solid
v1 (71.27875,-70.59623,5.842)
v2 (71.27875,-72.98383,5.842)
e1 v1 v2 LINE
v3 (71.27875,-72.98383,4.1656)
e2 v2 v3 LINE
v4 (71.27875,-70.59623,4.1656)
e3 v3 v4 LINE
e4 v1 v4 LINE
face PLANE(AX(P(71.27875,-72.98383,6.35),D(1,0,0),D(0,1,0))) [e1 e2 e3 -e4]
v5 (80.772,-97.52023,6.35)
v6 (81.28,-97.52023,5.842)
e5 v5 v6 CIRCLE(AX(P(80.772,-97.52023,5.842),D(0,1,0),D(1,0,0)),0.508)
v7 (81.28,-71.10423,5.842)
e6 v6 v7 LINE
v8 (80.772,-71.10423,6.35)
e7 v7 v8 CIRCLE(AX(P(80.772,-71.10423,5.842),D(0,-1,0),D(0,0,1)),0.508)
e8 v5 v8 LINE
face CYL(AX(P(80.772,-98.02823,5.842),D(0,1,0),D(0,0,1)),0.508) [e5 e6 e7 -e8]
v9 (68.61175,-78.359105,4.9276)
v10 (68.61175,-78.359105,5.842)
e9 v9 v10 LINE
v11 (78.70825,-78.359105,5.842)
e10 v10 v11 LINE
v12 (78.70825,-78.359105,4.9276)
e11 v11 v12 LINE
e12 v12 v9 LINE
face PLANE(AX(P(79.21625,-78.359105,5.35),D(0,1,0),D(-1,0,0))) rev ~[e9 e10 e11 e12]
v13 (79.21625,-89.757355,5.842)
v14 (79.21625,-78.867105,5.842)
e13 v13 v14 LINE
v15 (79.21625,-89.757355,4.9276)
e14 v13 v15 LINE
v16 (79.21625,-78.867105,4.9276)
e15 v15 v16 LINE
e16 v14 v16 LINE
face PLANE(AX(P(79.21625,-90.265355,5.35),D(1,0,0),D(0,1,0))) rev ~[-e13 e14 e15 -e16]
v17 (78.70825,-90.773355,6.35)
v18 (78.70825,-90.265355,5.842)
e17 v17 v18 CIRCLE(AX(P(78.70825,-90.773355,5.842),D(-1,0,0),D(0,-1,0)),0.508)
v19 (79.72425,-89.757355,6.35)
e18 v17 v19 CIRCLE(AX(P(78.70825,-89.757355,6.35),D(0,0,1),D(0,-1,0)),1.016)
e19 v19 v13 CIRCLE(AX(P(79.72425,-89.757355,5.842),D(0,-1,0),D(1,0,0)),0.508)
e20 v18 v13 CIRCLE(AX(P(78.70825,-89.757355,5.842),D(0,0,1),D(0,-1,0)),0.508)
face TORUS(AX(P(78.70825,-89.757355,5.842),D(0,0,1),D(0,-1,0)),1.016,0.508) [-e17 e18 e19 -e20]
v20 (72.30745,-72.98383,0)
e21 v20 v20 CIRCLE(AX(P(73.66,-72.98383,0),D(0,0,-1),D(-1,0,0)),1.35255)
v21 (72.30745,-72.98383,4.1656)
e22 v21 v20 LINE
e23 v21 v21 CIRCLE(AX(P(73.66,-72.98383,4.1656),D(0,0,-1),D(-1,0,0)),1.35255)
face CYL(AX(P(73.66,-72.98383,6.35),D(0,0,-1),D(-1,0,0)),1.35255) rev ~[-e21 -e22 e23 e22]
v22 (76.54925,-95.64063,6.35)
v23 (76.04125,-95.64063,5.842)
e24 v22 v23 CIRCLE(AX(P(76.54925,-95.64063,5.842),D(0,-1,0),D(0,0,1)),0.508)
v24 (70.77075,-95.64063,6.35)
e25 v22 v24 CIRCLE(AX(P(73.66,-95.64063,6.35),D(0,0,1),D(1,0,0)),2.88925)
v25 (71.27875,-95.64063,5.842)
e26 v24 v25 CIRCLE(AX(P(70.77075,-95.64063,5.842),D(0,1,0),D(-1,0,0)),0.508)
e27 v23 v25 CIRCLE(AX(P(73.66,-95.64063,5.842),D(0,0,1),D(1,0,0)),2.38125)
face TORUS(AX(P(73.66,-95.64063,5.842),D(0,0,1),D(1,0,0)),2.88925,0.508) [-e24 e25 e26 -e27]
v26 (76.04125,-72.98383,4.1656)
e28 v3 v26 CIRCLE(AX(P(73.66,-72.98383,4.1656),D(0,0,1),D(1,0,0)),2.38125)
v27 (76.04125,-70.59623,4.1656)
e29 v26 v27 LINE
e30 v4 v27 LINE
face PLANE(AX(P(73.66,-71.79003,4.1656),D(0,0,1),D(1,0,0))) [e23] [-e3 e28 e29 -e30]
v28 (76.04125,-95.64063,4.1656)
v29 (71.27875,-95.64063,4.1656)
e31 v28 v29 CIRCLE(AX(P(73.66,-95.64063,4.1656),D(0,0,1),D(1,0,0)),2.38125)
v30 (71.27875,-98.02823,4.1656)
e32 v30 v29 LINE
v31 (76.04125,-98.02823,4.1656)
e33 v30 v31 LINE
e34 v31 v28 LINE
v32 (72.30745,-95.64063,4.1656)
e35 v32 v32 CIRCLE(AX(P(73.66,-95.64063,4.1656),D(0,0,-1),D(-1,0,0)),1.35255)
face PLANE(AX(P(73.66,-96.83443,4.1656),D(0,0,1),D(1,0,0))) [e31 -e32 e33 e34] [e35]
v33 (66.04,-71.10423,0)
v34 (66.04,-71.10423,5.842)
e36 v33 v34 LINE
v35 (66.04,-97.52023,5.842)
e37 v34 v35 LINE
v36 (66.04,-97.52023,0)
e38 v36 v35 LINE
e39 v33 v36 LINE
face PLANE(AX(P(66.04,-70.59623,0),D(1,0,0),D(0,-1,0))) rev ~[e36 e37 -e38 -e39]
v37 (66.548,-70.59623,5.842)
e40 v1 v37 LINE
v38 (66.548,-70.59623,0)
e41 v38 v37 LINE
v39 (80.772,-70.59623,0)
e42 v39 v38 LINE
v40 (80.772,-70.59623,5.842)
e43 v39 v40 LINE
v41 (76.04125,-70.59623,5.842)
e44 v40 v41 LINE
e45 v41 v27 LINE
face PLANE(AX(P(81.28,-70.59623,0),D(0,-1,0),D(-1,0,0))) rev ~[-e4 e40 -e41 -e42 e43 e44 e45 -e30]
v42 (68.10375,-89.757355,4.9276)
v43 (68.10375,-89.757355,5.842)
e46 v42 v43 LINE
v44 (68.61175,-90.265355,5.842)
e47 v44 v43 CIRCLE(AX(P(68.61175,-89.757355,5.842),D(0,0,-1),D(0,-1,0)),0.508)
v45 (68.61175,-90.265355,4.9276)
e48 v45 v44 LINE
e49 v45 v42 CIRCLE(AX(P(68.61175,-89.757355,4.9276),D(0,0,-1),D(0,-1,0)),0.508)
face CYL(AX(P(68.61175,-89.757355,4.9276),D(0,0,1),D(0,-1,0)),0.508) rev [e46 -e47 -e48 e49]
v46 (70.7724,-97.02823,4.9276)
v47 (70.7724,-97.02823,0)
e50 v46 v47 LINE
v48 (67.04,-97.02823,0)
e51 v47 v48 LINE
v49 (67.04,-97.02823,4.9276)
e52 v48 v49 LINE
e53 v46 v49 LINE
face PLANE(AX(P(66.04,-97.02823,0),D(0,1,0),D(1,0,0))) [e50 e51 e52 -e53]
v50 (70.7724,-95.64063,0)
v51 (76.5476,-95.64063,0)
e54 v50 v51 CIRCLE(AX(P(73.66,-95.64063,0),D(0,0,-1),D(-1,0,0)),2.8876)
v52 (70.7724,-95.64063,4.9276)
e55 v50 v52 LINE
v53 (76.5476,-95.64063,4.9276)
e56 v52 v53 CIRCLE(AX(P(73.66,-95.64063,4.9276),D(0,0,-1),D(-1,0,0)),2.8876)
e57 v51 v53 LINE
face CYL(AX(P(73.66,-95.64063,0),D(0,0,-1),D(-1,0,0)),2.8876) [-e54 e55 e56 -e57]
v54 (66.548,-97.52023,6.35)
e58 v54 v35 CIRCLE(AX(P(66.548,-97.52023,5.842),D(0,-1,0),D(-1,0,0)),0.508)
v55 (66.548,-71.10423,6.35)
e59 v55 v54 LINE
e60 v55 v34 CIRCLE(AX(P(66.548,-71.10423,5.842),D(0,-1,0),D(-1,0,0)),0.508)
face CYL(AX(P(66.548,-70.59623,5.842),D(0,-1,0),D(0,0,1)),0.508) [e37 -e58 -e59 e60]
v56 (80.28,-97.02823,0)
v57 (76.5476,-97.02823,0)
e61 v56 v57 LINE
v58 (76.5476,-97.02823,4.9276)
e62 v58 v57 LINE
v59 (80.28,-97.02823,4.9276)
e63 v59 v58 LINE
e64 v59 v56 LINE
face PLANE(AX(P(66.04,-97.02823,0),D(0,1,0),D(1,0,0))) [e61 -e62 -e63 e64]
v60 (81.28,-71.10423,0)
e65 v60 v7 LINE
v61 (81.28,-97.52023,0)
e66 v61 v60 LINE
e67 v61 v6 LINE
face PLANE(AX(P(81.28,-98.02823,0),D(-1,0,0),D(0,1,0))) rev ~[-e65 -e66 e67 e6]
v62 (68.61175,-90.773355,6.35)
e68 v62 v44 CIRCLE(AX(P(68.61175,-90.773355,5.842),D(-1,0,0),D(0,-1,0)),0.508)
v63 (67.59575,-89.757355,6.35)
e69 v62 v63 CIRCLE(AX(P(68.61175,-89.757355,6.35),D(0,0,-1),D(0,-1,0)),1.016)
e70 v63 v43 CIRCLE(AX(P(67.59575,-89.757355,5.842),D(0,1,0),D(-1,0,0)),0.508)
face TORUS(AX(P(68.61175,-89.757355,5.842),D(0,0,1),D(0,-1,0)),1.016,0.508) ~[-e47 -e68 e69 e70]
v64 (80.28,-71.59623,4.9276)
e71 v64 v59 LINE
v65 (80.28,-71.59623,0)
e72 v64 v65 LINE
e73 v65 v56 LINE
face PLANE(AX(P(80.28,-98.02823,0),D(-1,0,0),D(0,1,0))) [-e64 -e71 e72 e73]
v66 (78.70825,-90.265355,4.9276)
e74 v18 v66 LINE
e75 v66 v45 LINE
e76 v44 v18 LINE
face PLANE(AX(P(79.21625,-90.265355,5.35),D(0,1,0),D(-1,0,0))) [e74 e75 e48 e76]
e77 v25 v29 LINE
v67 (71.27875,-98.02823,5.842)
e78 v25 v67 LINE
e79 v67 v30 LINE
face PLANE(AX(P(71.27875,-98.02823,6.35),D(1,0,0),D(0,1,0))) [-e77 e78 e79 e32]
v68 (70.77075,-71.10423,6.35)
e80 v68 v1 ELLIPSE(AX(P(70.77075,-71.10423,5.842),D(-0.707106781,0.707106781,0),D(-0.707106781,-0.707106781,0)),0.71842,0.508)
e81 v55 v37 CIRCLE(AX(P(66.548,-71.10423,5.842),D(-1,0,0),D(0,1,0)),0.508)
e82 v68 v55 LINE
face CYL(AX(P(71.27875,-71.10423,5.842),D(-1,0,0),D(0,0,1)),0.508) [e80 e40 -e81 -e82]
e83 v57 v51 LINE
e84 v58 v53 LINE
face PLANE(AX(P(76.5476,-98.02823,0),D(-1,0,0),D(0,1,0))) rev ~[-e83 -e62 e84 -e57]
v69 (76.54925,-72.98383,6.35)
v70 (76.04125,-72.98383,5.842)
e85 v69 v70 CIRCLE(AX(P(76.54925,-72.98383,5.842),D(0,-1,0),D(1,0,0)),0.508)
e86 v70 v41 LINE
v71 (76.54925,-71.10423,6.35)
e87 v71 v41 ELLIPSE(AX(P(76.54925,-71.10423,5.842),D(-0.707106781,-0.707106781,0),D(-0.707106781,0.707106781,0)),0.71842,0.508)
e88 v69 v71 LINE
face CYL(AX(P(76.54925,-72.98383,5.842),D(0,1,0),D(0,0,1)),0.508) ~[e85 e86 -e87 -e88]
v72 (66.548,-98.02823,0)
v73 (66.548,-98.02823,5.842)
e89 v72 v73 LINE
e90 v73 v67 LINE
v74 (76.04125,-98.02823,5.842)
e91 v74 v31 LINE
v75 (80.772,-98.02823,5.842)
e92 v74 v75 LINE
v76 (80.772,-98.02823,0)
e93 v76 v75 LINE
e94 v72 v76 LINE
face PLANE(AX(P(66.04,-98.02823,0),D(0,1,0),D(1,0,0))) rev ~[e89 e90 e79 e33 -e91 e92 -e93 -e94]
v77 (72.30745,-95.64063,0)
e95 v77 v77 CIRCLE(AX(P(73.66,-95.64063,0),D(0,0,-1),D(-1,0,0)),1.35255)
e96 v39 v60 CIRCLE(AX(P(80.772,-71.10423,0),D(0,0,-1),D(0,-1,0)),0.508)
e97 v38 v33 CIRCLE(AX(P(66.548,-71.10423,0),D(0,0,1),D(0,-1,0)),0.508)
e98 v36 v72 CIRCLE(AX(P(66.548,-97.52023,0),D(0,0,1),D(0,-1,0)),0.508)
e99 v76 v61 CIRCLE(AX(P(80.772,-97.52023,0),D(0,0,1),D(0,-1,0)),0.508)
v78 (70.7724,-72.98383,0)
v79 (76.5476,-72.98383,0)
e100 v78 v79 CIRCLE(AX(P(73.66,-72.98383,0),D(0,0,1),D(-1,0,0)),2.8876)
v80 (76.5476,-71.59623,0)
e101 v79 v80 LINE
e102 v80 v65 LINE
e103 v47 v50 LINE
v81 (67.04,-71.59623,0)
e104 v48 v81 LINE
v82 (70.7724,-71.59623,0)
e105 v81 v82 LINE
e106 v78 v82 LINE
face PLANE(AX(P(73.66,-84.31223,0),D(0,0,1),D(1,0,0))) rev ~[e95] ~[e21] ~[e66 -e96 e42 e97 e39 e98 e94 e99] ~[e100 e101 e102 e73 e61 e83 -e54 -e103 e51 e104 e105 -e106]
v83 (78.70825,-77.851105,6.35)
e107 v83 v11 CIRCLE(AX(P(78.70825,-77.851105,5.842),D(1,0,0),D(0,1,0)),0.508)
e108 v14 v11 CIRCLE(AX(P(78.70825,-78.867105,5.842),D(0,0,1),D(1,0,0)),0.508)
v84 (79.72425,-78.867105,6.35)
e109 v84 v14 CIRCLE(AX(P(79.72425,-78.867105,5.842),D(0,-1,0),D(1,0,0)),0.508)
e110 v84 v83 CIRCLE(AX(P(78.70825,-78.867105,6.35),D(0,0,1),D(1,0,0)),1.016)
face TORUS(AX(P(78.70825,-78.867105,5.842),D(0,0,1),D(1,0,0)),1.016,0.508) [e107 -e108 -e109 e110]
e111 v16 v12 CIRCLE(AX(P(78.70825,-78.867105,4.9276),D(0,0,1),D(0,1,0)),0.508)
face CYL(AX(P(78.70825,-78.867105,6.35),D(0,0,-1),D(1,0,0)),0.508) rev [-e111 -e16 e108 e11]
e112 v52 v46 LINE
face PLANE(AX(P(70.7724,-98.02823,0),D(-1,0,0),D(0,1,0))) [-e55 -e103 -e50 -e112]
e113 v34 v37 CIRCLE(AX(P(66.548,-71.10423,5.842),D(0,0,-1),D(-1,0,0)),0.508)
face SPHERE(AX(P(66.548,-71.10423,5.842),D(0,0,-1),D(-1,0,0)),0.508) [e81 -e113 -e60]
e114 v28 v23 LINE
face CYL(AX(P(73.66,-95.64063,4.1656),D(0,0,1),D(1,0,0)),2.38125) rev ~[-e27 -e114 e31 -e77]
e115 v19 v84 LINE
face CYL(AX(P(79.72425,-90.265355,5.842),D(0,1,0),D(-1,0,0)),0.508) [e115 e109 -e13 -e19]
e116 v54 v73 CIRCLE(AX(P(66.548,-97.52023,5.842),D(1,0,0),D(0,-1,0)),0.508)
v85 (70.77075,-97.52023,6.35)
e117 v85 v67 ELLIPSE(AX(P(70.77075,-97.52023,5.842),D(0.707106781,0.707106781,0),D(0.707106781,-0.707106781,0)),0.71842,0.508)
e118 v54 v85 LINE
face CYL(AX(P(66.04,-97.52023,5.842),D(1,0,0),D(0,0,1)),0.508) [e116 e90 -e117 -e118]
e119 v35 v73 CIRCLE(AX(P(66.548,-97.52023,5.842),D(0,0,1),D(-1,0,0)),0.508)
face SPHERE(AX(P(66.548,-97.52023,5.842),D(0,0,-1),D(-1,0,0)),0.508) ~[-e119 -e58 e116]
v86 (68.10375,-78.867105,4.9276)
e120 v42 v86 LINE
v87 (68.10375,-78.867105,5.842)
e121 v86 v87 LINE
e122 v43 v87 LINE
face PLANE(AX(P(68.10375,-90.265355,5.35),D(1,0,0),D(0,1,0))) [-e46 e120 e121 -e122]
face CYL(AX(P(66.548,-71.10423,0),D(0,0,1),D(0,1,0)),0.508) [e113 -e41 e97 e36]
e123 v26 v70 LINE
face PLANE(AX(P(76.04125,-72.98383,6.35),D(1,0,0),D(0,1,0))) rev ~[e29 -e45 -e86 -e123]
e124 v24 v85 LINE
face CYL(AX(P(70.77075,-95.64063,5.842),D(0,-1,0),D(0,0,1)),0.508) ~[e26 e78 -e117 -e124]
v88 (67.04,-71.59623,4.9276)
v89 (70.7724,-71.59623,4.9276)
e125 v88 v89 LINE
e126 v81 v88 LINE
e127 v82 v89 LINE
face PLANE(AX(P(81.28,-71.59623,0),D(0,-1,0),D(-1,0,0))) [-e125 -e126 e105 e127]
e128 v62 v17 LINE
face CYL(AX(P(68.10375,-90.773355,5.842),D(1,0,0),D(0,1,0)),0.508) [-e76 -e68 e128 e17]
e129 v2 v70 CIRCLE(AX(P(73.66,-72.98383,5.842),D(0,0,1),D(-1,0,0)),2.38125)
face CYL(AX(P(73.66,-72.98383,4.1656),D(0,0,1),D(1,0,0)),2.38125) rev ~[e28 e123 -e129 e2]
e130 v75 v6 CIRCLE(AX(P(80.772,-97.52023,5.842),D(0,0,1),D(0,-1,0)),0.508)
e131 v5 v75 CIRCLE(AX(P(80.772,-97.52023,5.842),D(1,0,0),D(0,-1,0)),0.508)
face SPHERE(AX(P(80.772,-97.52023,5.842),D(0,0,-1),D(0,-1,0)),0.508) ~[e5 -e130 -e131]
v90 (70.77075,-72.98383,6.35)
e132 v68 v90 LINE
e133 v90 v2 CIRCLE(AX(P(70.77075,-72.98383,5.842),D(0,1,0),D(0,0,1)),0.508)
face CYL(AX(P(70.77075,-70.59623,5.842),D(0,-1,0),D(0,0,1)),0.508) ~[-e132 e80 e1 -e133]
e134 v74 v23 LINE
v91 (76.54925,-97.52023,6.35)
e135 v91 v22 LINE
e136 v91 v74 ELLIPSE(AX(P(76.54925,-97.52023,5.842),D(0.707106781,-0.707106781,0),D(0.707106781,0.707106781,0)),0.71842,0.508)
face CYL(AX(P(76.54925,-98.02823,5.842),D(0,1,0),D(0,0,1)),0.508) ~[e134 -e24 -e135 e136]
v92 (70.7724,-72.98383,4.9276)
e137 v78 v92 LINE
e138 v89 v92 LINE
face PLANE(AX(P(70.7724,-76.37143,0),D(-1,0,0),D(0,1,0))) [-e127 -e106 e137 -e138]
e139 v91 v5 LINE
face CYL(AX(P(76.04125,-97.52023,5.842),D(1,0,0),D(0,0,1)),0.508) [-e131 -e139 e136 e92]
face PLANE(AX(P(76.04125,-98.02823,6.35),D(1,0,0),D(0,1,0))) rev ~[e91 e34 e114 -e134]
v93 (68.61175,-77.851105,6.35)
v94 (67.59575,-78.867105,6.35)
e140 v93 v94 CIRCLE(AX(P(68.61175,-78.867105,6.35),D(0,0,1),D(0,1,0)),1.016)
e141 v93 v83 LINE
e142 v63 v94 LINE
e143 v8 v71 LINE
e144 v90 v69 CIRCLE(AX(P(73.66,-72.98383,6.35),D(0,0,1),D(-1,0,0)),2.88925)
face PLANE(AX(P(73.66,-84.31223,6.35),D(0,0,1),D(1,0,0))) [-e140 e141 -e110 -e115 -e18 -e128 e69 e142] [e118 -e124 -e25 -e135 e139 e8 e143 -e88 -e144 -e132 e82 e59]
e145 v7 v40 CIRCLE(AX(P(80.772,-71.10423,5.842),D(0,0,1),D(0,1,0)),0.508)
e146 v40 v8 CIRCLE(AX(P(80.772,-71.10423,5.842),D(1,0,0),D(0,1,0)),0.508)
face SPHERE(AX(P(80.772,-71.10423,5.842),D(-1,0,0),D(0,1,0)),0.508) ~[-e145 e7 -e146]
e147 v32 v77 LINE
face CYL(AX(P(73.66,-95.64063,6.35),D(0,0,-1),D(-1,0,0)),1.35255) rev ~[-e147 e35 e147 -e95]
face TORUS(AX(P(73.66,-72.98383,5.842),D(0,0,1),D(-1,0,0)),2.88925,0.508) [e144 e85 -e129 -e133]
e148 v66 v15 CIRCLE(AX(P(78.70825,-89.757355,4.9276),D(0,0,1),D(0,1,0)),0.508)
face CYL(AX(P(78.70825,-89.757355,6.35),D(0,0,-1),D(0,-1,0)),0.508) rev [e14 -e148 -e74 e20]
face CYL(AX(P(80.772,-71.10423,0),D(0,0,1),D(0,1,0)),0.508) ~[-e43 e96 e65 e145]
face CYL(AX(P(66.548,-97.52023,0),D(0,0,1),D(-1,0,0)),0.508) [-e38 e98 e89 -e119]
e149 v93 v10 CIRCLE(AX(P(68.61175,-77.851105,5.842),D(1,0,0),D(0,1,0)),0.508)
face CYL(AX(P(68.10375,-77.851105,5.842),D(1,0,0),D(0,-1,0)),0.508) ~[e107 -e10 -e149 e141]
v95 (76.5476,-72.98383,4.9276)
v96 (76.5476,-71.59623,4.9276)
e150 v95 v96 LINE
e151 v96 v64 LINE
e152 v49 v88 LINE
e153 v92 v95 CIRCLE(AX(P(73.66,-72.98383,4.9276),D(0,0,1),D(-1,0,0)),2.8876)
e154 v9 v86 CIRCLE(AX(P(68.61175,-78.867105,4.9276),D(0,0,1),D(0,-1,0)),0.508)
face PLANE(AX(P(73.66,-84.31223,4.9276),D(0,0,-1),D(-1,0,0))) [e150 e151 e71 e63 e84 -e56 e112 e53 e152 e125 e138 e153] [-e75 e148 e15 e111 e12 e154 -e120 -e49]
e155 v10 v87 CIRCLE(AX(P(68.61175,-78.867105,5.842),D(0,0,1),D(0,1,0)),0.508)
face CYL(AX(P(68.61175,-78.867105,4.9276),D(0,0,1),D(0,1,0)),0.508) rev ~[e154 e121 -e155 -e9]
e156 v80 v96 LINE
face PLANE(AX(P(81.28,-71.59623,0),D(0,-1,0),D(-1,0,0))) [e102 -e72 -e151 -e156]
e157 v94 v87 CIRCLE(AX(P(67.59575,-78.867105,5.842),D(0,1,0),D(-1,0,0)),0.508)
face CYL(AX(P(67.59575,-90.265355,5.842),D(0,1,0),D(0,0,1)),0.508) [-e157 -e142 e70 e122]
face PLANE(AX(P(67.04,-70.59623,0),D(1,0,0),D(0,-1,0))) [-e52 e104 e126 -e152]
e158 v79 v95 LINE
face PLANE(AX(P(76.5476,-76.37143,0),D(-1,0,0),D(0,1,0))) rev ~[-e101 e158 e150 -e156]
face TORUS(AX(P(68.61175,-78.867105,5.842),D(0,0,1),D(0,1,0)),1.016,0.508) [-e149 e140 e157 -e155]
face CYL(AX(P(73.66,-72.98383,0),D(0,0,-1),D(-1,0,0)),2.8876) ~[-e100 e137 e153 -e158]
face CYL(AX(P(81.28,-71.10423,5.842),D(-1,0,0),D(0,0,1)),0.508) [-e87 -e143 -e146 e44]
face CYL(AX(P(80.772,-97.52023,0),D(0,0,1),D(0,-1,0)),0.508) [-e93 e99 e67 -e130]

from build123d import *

# Parameters (mm, degrees)
BOSS_EXTRUDE1_DEPTH                            = 6.35
SKETCH2_W                                      = 11.1125
SKETCH2_H                                      = 11.90625
CUT_EXTRUDE1_DEPTH                             = 7.35
SHELL1_T                                       = -1
BOSS_EXTRUDE2_REACH                            = 8.35
SKETCH5_W                                      = 5.7752
SKETCH5_H                                      = 5.7752
CBORE_FOR_2_SOCKET_HEAD_CAP_SCREW2_D           = 2.7051
CBORE_FOR_2_SOCKET_HEAD_CAP_SCREW2_CBORE_D     = 4.7625
CBORE_FOR_2_SOCKET_HEAD_CAP_SCREW2_CBORE_DEPTH = 2.1844
CUT_EXTRUDE2_DEPTH                             = 4.9276
SKETCH7_W                                      = 11.1125
SKETCH7_H                                      = 11.90625
BOSS_EXTRUDE4_DEPTH                            = 0.4224
SKETCH8_W                                      = 4.7625
SKETCH8_H                                      = 2.3876
CUT_EXTRUDE3_DEPTH                             = 2.1844
FILLET1_R                                      = 0.508


with BuildPart() as part:
    # Sketch1 → Boss-Extrude1 (new body)
    with BuildSketch(Plane.XY):
        Polygon((81.28, -96.5042297), (81.28, -72.1202297), (81.28, -70.5962297), (66.04, -70.5962297), (66.04, -72.1202297), (66.04, -96.5042297), (66.04, -98.0282297), (81.28, -98.0282297), align=None)
    extrude(amount=BOSS_EXTRUDE1_DEPTH)

    # Sketch2 → Cut-Extrude1 (cut, through all)
    with BuildSketch(Plane.XY.offset(6.35)):
        with Locations((73.66, -84.3122297)):
            Rectangle(SKETCH2_W, SKETCH2_H)
    extrude(amount=-CUT_EXTRUDE1_DEPTH, mode=Mode.SUBTRACT)

    # Shell1
    shell1_openings = [part.faces().sort_by_distance(p)[0] for p in [
        (73.66, -90.2653547, 3.175),
        (68.10375, -84.3122297, 3.175),
        (73.66, -78.3591047, 3.175),
        (79.21625, -84.3122297, 3.175),
        (73.66, -84.3122297, 0),
    ]]
    offset(amount=SHELL1_T, openings=shell1_openings, kind=Kind.INTERSECTION)

    # Sketch5 → Boss-Extrude2 (add, up to next)
    with BuildSketch(Plane(origin=(0, 0, 0), x_dir=(-1, 0, 0), z_dir=(0, 0, -1)), mode=Mode.PRIVATE) as boss_extrude2_sk1:
        with Locations((-73.66, -73.4838297)):
            Rectangle(SKETCH5_W, SKETCH5_H)
    boss_extrude2_tool1 = extrude(boss_extrude2_sk1.sketch, amount=-BOSS_EXTRUDE2_REACH, mode=Mode.PRIVATE) - part.part
    add(boss_extrude2_tool1.solids().sort_by_distance((73.66, -73.48383, 0))[0])
    # Sketch5 → Boss-Extrude2 (add, up to next)
    with BuildSketch(Plane(origin=(0, 0, 0), x_dir=(-1, 0, 0), z_dir=(0, 0, -1)), mode=Mode.PRIVATE) as boss_extrude2_sk2:
        with Locations((-73.66, -95.1406297)):
            Rectangle(SKETCH5_W, SKETCH5_H)
    boss_extrude2_tool2 = extrude(boss_extrude2_sk2.sketch, amount=-BOSS_EXTRUDE2_REACH, mode=Mode.PRIVATE) - part.part
    add(boss_extrude2_tool2.solids().sort_by_distance((73.66, -95.14063, 0))[0])

    # CBORE for #2 Socket Head Cap Screw2 (through all)
    with Locations(Plane.XY.offset(6.35)):
        with Locations((73.66, -95.6406297), (73.66, -72.9838297)):
            CounterBoreHole(CBORE_FOR_2_SOCKET_HEAD_CAP_SCREW2_D / 2, CBORE_FOR_2_SOCKET_HEAD_CAP_SCREW2_CBORE_D / 2, CBORE_FOR_2_SOCKET_HEAD_CAP_SCREW2_CBORE_DEPTH)

    # Sketch6 → Cut-Extrude2 (cut)
    with BuildSketch(Plane(origin=(0, 0, 0), x_dir=(-1, 0, 0), z_dir=(0, 0, -1))):
        with BuildLine():
            Line((-76.5476, -95.6406297), (-76.8016, -95.6406297))
            Line((-76.8016, -95.6406297), (-76.8016, -92.2530297))
            Line((-76.8016, -92.2530297), (-70.5184, -92.2530297))
            Line((-70.5184, -92.2530297), (-70.5184, -95.6406297))
            Line((-70.5184, -95.6406297), (-70.7724, -95.6406297))
            ThreePointArc((-70.7724, -95.6406297), (-73.66, -92.7530297), (-76.5476, -95.6406297))
        make_face()
        with BuildLine():
            Line((-76.8016, -72.9838297), (-76.8016, -76.3714297))
            Line((-76.8016, -76.3714297), (-70.5184, -76.3714297))
            Line((-70.5184, -76.3714297), (-70.5184, -72.9838297))
            Line((-70.5184, -72.9838297), (-70.7724, -72.9838297))
            ThreePointArc((-70.7724, -72.9838297), (-73.66, -75.8714297), (-76.5476, -72.9838297))
            Line((-76.5476, -72.9838297), (-76.8016, -72.9838297))
        make_face()
    extrude(amount=-CUT_EXTRUDE2_DEPTH, mode=Mode.SUBTRACT)

    # Sketch7 → Boss-Extrude4 (add)
    with BuildSketch(Plane(origin=(0, 0, 5.35), x_dir=(-1, 0, 0), z_dir=(0, 0, -1))):
        Polygon((-70.7724, -76.3714297), (-76.5476, -76.3714297), (-76.5476, -71.5962297), (-80.28, -71.5962297), (-80.28, -97.0282297), (-76.5476, -97.0282297), (-76.5476, -92.2530297), (-70.7724, -92.2530297), (-70.7724, -97.0282297), (-67.04, -97.0282297), (-67.04, -71.5962297), (-70.7724, -71.5962297), align=None)
        with Locations((-73.66, -84.3122297)):
            Rectangle(SKETCH7_W, SKETCH7_H, mode=Mode.SUBTRACT)
    extrude(amount=BOSS_EXTRUDE4_DEPTH)

    # Sketch8 → Cut-Extrude3 (cut)
    with BuildSketch(Plane.XY.offset(6.35)):
        with Locations((73.66, -96.8344297)):
            Rectangle(SKETCH8_W, SKETCH8_H)
        with Locations((73.66, -71.7900297)):
            Rectangle(SKETCH8_W, SKETCH8_H)
    extrude(amount=-CUT_EXTRUDE3_DEPTH, mode=Mode.SUBTRACT)

    # Fillet1
    fillet1_edges = [part.edges().sort_by_distance(p)[0] for p in [
        (73.66, -93.2593797, 6.35),
        (78.660625, -70.5962297, 6.35),
        (81.28, -98.0282297, 3.175),
        (66.04, -98.0282297, 3.175),
        (66.04, -70.5962297, 3.175),
        (81.28, -70.5962297, 3.175),
        (66.04, -84.3122297, 6.35),
        (78.660625, -98.0282297, 6.35),
        (76.04125, -96.8344297, 6.35),
        (71.27875, -96.8344297, 6.35),
        (73.66, -75.3650797, 6.35),
        (68.659375, -70.5962297, 6.35),
        (71.27875, -71.7900297, 6.35),
        (76.04125, -71.7900297, 6.35),
        (68.659375, -98.0282297, 6.35),
        (79.21625, -90.2653547, 5.6388),
        (68.10375, -90.2653547, 5.6388),
        (68.10375, -78.3591047, 5.6388),
        (79.21625, -78.3591047, 5.6388),
        (73.66, -90.2653547, 6.35),
        (79.21625, -84.3122297, 6.35),
        (73.66, -78.3591047, 6.35),
        (68.10375, -84.3122297, 6.35),
        (81.28, -84.3122297, 6.35),
    ]]
    fillet(fillet1_edges, radius=FILLET1_R)


solid = part.part
